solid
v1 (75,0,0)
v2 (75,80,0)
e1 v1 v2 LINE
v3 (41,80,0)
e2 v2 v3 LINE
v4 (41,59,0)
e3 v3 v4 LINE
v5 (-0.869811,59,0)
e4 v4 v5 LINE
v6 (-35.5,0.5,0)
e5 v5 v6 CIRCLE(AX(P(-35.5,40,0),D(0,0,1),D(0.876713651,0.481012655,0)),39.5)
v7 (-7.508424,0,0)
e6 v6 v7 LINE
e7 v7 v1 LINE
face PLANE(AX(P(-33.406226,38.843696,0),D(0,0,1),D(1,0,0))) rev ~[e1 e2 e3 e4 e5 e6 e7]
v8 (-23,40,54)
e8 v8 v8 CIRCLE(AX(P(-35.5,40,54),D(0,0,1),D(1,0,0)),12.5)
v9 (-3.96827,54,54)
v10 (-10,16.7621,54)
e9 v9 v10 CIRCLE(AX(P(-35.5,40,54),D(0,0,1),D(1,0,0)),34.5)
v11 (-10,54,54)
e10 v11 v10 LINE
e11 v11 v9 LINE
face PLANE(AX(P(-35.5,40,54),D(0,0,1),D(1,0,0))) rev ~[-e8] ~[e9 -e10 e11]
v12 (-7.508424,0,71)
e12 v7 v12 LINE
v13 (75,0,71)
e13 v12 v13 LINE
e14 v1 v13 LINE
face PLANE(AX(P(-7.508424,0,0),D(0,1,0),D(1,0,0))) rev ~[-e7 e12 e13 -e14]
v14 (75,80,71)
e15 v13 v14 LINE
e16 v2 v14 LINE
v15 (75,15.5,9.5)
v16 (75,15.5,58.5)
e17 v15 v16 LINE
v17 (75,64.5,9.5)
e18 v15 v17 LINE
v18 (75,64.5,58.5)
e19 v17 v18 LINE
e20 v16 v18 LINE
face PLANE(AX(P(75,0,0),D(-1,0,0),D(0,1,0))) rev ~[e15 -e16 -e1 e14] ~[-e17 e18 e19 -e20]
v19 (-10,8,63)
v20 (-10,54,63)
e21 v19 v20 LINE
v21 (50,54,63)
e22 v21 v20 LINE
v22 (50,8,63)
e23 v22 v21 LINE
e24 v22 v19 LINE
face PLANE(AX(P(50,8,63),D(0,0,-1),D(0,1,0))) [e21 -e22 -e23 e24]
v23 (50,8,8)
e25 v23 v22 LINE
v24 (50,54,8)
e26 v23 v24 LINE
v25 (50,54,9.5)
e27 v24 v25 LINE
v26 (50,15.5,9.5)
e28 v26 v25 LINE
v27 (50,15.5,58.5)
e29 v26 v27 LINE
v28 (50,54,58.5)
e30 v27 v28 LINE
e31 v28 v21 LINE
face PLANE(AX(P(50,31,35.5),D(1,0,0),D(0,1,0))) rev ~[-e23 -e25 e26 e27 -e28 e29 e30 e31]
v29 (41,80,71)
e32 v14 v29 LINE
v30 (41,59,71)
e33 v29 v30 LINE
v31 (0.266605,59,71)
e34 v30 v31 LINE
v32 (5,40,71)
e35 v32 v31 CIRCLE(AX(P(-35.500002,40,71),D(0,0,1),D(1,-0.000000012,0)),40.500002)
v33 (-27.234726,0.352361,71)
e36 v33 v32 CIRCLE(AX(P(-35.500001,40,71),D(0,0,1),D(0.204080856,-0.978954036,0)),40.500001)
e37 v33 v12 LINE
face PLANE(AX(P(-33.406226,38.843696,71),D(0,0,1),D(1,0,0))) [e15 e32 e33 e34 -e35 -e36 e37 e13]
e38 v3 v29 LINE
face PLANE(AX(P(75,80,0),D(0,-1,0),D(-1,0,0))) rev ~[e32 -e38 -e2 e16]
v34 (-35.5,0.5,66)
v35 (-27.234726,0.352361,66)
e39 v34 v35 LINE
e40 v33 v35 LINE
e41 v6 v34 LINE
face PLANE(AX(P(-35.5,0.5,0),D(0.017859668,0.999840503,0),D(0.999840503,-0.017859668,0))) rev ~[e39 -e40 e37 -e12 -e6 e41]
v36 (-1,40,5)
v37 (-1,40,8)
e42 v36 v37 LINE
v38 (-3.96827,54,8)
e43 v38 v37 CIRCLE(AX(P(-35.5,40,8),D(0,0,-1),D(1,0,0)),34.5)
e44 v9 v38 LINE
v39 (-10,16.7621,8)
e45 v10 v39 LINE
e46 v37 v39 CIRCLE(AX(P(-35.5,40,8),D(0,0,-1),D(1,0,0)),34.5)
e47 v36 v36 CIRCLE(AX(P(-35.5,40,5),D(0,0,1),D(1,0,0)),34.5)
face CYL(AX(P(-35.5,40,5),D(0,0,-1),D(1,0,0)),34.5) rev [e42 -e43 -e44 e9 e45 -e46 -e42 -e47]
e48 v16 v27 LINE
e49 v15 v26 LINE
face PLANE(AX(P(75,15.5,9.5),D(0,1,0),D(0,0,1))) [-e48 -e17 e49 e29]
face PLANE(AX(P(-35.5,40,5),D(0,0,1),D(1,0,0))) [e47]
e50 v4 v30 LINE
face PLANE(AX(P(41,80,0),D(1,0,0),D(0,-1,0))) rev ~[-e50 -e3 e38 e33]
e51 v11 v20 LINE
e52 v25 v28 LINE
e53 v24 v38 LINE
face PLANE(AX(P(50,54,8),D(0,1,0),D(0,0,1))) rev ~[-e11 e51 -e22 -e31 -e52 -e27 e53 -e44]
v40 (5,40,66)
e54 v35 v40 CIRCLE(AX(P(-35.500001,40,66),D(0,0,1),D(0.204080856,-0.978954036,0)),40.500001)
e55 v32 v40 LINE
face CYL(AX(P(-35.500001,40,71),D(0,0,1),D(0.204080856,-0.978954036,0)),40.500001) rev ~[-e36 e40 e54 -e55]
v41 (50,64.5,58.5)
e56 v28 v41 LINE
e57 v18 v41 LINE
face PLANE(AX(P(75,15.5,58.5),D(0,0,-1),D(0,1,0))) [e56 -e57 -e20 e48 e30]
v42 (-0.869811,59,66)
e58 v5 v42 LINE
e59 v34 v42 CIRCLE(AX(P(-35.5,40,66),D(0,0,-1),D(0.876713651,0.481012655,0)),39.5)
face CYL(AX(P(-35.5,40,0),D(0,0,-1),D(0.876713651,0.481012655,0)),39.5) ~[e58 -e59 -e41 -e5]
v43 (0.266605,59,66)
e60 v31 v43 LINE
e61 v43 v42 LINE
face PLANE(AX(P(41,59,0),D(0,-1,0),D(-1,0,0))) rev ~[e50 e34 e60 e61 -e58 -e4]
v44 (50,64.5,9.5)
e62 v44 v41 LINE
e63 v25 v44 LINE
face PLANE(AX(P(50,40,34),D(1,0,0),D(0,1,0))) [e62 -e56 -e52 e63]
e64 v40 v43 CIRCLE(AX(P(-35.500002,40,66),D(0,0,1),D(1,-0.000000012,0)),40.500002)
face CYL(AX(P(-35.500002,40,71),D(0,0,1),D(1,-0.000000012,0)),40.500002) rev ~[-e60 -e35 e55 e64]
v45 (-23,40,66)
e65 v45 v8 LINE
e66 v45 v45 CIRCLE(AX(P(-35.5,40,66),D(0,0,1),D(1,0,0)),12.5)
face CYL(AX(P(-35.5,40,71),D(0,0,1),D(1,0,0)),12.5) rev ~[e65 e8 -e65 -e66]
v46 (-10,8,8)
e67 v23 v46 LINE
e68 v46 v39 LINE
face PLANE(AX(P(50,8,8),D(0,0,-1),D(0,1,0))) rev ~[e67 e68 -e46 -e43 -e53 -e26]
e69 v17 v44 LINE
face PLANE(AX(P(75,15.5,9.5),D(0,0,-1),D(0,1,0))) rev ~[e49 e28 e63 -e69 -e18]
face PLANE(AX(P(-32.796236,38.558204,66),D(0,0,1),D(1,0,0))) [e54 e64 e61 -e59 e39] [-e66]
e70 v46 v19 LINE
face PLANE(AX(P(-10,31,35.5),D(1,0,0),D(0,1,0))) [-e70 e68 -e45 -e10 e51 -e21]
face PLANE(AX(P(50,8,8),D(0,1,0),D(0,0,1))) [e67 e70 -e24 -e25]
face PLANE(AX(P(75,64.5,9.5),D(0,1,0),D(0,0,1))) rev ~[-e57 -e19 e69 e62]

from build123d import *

# Parameters (mm, degrees)
F1_DEPTH  = 71
F2_W      = 49
F2_H      = 49
F3_DEPTH  = 25
F5_W      = 46
F5_H      = 55
F6_DEPTH  = 60
F8_R      = 34.5
F9_DEPTH  = 49
F10_R     = 12.5
F11_DEPTH = 25
F12_R     = 12.5
F13_DEPTH = 5


with BuildPart() as f1:
    # F0 (on Top) → F1 (new body)
    with BuildSketch(Plane.XY):
        with BuildLine():
            ThreePointArc((-35.5, 0.5), (-7.569282, 12.069282), (4, 40))
            ThreePointArc((4, 40), (2.763184, 49.807077), (-0.869811, 59))
            ThreePointArc((-0.869811, 59), (-69.490808, 60.121506), (-35.5, 0.5))
        make_face()
        with BuildLine():
            ThreePointArc((-0.869811, 59), (2.763184, 49.807077), (4, 40))
            ThreePointArc((4, 40), (-7.569282, 12.069282), (-35.5, 0.5))
            Line((-35.5, 0.5), (-7.508424, 0))
            Line((-7.508424, 0), (75, 0))
            Line((75, 0), (75, 80))
            Line((75, 80), (41, 80))
            Line((41, 80), (41, 59))
            Line((41, 59), (-0.869811, 59))
        make_face()
    extrude(amount=F1_DEPTH)

    # F2 (on face) → F3 (cut)
    with BuildSketch(Plane.YZ.offset(75)):
        with Locations((40, 34)):
            Rectangle(F2_W, F2_H)
    extrude(amount=-F3_DEPTH, mode=Mode.SUBTRACT)

    # F5 (on offset) → F6 (cut)
    with BuildSketch(Plane.YZ.offset(50)):
        with Locations((31, 35.5)):
            Rectangle(F5_W, F5_H)
    extrude(amount=-F6_DEPTH, mode=Mode.SUBTRACT)

    # F8 (on offset) → F9 (cut)
    with BuildSketch(Plane.XY.offset(5)):
        with Locations((-35.5, 40)):
            Circle(F8_R)
    extrude(amount=F9_DEPTH, mode=Mode.SUBTRACT)

    # F10 (on face) → F11 (cut)
    with BuildSketch(Plane.XY.offset(71)):
        with Locations((-35.5, 40)):
            Circle(F10_R)
    extrude(amount=-F11_DEPTH, mode=Mode.SUBTRACT)

    # F12 (on face) → F13 (cut)
    with BuildSketch(Plane.XY.offset(71)):
        with BuildLine():
            ThreePointArc((-27.234726, 0.352361), (-4.075538, 14.450965), (5, 40))
            ThreePointArc((5, 40), (3.798839, 49.790366), (0.266605, 59))
            Line((0.266605, 59), (-0.869811, 59))
            ThreePointArc((-0.869811, 59), (-69.490808, 60.121506), (-35.5, 0.5))
            Line((-35.5, 0.5), (-27.234726, 0.352361))
        make_face()
        with Locations((-35.5, 40)):
            Circle(F12_R, mode=Mode.SUBTRACT)
        with BuildLine():
            Line((-0.869811, 59), (0.266605, 59))
            ThreePointArc((0.266605, 59), (-72.168624, 57.194826), (-27.234726, 0.352361))
            Line((-27.234726, 0.352361), (-35.5, 0.5))
            ThreePointArc((-35.5, 0.5), (-69.490808, 60.121506), (-0.869811, 59))
        make_face()
    extrude(amount=-F13_DEPTH, mode=Mode.SUBTRACT)


solid = f1.part
